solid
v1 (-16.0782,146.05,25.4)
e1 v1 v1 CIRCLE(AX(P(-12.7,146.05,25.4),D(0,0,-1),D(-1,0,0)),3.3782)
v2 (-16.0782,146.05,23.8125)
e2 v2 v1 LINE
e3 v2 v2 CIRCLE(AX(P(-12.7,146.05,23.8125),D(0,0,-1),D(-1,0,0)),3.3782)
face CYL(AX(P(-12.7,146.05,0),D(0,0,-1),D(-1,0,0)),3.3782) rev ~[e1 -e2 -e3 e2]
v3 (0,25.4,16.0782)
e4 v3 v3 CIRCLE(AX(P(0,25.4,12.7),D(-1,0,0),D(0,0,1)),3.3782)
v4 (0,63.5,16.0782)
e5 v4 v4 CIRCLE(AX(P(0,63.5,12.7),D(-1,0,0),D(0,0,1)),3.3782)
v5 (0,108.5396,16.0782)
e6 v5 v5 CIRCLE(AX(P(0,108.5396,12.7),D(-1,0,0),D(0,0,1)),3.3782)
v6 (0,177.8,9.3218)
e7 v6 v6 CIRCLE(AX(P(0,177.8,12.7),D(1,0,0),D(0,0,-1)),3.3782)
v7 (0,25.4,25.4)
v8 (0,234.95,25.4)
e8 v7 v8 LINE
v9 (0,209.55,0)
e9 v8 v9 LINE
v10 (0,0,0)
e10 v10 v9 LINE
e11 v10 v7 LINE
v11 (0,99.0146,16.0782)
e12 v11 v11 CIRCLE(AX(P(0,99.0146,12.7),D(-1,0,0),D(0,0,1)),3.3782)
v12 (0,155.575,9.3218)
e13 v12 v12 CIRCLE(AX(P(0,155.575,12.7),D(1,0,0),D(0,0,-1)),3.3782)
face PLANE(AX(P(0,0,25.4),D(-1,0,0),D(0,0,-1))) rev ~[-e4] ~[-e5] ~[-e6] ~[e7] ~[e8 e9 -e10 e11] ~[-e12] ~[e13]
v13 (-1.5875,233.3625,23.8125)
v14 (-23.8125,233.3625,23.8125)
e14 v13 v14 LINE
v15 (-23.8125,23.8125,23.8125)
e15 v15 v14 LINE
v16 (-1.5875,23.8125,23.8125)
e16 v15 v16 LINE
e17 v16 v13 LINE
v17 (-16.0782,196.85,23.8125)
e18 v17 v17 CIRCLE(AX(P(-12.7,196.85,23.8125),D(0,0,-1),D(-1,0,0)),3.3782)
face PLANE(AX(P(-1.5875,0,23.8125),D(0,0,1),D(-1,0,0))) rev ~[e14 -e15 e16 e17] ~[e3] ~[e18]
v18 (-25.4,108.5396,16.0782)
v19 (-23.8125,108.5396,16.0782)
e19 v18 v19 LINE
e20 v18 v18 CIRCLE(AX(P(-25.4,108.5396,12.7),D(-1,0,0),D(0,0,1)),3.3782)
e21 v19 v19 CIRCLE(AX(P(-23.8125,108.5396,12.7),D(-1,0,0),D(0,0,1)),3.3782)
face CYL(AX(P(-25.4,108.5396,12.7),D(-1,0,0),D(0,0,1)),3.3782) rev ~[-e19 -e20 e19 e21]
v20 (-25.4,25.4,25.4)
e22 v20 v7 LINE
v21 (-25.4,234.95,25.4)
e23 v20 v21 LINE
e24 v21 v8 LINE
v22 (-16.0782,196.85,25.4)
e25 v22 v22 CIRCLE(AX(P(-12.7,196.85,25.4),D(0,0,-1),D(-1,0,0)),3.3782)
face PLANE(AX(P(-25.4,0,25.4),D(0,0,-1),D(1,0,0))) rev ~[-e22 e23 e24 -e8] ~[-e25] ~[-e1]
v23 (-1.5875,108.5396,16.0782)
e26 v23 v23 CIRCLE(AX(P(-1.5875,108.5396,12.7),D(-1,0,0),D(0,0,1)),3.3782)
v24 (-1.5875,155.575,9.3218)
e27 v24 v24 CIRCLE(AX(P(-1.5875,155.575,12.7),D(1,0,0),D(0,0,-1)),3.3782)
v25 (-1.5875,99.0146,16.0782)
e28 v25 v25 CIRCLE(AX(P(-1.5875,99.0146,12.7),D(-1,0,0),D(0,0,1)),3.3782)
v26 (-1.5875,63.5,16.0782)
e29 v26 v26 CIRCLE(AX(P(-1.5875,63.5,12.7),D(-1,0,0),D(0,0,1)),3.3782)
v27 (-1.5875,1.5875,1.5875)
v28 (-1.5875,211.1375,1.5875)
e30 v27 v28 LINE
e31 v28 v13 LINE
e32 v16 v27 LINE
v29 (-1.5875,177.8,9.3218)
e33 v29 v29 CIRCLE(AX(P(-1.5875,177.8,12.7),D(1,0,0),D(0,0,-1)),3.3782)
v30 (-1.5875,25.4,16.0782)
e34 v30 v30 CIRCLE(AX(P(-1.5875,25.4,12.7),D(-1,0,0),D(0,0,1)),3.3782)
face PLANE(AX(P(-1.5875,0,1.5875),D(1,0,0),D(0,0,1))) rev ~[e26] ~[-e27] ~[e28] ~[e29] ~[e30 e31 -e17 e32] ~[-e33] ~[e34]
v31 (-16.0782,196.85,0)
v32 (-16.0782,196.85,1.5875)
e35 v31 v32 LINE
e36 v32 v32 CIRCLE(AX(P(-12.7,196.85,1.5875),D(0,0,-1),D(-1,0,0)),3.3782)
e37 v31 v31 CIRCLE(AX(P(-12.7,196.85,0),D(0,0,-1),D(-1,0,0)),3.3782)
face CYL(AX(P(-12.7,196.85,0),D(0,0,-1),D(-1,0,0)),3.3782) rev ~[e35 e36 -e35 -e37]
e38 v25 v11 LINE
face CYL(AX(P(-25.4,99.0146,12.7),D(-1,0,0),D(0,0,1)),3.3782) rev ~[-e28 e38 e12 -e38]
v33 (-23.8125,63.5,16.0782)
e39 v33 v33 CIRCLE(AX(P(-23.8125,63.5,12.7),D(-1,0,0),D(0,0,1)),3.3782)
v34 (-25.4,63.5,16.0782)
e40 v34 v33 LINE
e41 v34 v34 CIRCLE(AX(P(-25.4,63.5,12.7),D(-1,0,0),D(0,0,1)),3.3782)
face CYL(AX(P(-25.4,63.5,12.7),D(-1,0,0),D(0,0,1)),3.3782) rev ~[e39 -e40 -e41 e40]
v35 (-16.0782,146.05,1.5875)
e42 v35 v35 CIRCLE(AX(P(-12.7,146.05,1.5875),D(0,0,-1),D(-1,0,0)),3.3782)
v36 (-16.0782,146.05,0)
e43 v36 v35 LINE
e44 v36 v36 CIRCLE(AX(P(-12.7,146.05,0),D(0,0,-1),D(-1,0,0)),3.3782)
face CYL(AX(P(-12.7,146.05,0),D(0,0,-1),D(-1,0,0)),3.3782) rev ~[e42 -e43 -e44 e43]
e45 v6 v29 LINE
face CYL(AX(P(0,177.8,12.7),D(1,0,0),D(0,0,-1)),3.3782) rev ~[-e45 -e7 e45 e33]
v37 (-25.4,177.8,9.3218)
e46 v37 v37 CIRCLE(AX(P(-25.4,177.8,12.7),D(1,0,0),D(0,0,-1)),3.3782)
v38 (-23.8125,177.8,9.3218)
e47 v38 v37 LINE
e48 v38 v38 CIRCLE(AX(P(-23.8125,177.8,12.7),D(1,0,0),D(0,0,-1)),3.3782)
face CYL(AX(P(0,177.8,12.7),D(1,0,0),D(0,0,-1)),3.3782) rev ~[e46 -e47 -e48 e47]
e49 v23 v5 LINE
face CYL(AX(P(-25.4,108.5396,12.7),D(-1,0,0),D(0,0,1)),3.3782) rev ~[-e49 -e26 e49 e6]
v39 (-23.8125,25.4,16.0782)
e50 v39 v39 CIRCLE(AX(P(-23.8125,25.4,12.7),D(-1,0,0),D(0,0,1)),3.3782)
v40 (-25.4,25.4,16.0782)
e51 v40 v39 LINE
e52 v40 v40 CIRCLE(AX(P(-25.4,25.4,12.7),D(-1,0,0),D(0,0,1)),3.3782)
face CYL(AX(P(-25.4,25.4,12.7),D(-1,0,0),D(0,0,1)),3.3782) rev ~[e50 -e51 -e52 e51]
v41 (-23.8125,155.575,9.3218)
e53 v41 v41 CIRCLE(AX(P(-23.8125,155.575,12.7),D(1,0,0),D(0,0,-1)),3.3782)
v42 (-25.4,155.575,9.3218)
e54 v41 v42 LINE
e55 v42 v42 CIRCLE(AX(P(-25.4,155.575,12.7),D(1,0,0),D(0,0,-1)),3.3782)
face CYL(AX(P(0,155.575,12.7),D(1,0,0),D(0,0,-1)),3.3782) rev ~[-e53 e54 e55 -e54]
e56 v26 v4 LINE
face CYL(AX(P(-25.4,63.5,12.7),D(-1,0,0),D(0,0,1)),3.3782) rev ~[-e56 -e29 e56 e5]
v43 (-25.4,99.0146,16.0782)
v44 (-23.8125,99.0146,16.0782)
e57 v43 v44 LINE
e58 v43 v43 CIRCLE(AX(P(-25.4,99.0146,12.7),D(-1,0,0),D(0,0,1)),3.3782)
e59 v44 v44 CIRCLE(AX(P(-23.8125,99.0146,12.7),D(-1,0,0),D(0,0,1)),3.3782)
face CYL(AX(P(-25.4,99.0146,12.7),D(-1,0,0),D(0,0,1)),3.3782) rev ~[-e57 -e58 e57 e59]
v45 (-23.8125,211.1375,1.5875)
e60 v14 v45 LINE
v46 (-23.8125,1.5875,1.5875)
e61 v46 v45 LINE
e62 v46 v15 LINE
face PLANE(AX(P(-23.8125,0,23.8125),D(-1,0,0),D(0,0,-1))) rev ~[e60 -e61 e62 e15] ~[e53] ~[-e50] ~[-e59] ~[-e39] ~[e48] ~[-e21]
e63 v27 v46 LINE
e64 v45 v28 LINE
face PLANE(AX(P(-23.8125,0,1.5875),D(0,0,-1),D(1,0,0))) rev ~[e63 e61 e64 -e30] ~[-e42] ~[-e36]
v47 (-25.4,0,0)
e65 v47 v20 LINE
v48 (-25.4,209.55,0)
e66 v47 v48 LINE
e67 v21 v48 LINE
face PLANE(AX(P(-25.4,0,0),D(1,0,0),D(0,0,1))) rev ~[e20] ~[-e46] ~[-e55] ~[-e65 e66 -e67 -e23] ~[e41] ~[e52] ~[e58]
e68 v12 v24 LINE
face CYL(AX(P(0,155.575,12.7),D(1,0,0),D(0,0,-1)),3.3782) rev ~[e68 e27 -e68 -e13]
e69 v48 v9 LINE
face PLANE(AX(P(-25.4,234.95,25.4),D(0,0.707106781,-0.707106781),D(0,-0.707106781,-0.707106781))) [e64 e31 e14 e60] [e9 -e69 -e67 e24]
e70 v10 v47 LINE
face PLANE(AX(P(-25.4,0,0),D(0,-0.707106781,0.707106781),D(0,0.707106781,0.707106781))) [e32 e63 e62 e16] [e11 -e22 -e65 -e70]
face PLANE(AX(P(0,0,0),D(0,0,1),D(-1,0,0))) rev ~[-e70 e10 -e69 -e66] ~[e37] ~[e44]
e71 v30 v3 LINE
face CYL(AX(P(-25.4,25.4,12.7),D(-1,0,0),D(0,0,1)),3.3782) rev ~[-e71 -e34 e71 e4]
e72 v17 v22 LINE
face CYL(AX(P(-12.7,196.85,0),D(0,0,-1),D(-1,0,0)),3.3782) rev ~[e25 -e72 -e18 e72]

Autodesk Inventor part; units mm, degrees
ref_plane "YZ Plane" through (0, 0, 0) normal (1, 0, 0) x (0, 1, 0)
ref_plane "XZ Plane" through (0, 0, 0) normal (0, 1, 0) x (-1, 0, 0)
ref_plane "XY Plane" through (0, 0, 0) normal (0, 0, 1) x (1, 0, 0)
sketch "Sketch1" plane through (0, 0, 0) normal (0, 1, 0) x (-1, 0, 0)
  line L0 (0, 0) -> (25.4, 0)
  line L1 (25.4, 0) -> (25.4, 25.4)
  line L2 (25.4, 25.4) -> (0, 25.4)
  line L3 (0, 25.4) -> (0, 0)
  line L4 (1.5875, 23.8125) -> (23.8125, 23.8125)
  line L5 (23.8125, 23.8125) -> (23.8125, 1.5875)
  line L6 (23.8125, 1.5875) -> (1.5875, 1.5875)
  line L7 (1.5875, 1.5875) -> (1.5875, 23.8125)
  dimension "d0" = 25.4
  dimension "d2" = 25.4
  dimension "d3" = 1.5875
extrude "Extrusion1" add sketch "Sketch1" along normal blind 254
sketch "Sketch2" plane through (-25.4, 0, 0) normal (-1, 0, 0) x (0, 0, 1)
  line L0 (0, 254) -> (25.4, 254) projected
  line L1 (0, 0) -> (0, 254) projected
  line L2 (25.4, 0) -> (25.4, 254) projected
  line L3 (25.4, 234.95) -> (0, 209.55)
  point P0 (0, 228.6)
  dimension "d6" = 25.4
  dimension "d13" = 25.4
  dimension "d14" = 19.05
extrude "Extrusion2" cut sketch "Sketch2" against normal blind 25.4
sketch "Sketch3" plane through (-25.4, 0, 0) normal (-1, 0, 0) x (0, 0, 1)
  line L0 (25.4, 254) -> (0, 228.6) projected
  line L1 (0, 0) -> (25.4, 0) projected
  line L2 (25.4, 0) -> (25.4, 234.95) projected
  line L3 (0, 0) -> (25.4, 25.4)
extrude "Extrusion3" cut sketch "Sketch3" against normal blind 25.4
sketch "Sketch4" plane through (-25.4, 25.4, 25.4) normal (-1, 0, 0) x (0, 0, 1)
  circle A0 centre (-12.7, 38.1) radius 3.3782 projected
  circle A1 centre (-12.7, 0) radius 3.3782 projected
extrude "Extrusion4" cut sketch "Sketch4" against normal blind 25.4
sketch "Sketch5" plane through (0, 209.55, 0) normal (0, 0, -1) x (-1, 0, 0)
  circle A0 centre (12.7, -12.7) radius 3.3782 projected
  circle A1 centre (12.7, -63.5) radius 3.3782 projected
extrude "Extrusion5" cut sketch "Sketch5" against normal blind 25.4
sketch "Sketch6" plane through (0, 0, 0) normal (1, 0, 0) x (0, 0, -1)
  circle A0 centre (-12.7, 177.8) radius 3.3782 projected
  circle A1 centre (-12.7, 155.575) radius 3.3782 projected
extrude "Extrusion6" cut sketch "Sketch6" against normal blind 25.4
sketch "Sketch7" plane through (-25.4, 25.4, 25.4) normal (-1, 0, 0) x (0, 0, 1)
  circle A0 centre (-12.7, 83.1396) radius 3.3782 projected
  circle A1 centre (-12.7, 73.6146) radius 3.3782 projected
extrude "Extrusion7" cut sketch "Sketch7" against normal blind 25.4
properties part number "Square Tube 3" material "Aluminum 6061"
